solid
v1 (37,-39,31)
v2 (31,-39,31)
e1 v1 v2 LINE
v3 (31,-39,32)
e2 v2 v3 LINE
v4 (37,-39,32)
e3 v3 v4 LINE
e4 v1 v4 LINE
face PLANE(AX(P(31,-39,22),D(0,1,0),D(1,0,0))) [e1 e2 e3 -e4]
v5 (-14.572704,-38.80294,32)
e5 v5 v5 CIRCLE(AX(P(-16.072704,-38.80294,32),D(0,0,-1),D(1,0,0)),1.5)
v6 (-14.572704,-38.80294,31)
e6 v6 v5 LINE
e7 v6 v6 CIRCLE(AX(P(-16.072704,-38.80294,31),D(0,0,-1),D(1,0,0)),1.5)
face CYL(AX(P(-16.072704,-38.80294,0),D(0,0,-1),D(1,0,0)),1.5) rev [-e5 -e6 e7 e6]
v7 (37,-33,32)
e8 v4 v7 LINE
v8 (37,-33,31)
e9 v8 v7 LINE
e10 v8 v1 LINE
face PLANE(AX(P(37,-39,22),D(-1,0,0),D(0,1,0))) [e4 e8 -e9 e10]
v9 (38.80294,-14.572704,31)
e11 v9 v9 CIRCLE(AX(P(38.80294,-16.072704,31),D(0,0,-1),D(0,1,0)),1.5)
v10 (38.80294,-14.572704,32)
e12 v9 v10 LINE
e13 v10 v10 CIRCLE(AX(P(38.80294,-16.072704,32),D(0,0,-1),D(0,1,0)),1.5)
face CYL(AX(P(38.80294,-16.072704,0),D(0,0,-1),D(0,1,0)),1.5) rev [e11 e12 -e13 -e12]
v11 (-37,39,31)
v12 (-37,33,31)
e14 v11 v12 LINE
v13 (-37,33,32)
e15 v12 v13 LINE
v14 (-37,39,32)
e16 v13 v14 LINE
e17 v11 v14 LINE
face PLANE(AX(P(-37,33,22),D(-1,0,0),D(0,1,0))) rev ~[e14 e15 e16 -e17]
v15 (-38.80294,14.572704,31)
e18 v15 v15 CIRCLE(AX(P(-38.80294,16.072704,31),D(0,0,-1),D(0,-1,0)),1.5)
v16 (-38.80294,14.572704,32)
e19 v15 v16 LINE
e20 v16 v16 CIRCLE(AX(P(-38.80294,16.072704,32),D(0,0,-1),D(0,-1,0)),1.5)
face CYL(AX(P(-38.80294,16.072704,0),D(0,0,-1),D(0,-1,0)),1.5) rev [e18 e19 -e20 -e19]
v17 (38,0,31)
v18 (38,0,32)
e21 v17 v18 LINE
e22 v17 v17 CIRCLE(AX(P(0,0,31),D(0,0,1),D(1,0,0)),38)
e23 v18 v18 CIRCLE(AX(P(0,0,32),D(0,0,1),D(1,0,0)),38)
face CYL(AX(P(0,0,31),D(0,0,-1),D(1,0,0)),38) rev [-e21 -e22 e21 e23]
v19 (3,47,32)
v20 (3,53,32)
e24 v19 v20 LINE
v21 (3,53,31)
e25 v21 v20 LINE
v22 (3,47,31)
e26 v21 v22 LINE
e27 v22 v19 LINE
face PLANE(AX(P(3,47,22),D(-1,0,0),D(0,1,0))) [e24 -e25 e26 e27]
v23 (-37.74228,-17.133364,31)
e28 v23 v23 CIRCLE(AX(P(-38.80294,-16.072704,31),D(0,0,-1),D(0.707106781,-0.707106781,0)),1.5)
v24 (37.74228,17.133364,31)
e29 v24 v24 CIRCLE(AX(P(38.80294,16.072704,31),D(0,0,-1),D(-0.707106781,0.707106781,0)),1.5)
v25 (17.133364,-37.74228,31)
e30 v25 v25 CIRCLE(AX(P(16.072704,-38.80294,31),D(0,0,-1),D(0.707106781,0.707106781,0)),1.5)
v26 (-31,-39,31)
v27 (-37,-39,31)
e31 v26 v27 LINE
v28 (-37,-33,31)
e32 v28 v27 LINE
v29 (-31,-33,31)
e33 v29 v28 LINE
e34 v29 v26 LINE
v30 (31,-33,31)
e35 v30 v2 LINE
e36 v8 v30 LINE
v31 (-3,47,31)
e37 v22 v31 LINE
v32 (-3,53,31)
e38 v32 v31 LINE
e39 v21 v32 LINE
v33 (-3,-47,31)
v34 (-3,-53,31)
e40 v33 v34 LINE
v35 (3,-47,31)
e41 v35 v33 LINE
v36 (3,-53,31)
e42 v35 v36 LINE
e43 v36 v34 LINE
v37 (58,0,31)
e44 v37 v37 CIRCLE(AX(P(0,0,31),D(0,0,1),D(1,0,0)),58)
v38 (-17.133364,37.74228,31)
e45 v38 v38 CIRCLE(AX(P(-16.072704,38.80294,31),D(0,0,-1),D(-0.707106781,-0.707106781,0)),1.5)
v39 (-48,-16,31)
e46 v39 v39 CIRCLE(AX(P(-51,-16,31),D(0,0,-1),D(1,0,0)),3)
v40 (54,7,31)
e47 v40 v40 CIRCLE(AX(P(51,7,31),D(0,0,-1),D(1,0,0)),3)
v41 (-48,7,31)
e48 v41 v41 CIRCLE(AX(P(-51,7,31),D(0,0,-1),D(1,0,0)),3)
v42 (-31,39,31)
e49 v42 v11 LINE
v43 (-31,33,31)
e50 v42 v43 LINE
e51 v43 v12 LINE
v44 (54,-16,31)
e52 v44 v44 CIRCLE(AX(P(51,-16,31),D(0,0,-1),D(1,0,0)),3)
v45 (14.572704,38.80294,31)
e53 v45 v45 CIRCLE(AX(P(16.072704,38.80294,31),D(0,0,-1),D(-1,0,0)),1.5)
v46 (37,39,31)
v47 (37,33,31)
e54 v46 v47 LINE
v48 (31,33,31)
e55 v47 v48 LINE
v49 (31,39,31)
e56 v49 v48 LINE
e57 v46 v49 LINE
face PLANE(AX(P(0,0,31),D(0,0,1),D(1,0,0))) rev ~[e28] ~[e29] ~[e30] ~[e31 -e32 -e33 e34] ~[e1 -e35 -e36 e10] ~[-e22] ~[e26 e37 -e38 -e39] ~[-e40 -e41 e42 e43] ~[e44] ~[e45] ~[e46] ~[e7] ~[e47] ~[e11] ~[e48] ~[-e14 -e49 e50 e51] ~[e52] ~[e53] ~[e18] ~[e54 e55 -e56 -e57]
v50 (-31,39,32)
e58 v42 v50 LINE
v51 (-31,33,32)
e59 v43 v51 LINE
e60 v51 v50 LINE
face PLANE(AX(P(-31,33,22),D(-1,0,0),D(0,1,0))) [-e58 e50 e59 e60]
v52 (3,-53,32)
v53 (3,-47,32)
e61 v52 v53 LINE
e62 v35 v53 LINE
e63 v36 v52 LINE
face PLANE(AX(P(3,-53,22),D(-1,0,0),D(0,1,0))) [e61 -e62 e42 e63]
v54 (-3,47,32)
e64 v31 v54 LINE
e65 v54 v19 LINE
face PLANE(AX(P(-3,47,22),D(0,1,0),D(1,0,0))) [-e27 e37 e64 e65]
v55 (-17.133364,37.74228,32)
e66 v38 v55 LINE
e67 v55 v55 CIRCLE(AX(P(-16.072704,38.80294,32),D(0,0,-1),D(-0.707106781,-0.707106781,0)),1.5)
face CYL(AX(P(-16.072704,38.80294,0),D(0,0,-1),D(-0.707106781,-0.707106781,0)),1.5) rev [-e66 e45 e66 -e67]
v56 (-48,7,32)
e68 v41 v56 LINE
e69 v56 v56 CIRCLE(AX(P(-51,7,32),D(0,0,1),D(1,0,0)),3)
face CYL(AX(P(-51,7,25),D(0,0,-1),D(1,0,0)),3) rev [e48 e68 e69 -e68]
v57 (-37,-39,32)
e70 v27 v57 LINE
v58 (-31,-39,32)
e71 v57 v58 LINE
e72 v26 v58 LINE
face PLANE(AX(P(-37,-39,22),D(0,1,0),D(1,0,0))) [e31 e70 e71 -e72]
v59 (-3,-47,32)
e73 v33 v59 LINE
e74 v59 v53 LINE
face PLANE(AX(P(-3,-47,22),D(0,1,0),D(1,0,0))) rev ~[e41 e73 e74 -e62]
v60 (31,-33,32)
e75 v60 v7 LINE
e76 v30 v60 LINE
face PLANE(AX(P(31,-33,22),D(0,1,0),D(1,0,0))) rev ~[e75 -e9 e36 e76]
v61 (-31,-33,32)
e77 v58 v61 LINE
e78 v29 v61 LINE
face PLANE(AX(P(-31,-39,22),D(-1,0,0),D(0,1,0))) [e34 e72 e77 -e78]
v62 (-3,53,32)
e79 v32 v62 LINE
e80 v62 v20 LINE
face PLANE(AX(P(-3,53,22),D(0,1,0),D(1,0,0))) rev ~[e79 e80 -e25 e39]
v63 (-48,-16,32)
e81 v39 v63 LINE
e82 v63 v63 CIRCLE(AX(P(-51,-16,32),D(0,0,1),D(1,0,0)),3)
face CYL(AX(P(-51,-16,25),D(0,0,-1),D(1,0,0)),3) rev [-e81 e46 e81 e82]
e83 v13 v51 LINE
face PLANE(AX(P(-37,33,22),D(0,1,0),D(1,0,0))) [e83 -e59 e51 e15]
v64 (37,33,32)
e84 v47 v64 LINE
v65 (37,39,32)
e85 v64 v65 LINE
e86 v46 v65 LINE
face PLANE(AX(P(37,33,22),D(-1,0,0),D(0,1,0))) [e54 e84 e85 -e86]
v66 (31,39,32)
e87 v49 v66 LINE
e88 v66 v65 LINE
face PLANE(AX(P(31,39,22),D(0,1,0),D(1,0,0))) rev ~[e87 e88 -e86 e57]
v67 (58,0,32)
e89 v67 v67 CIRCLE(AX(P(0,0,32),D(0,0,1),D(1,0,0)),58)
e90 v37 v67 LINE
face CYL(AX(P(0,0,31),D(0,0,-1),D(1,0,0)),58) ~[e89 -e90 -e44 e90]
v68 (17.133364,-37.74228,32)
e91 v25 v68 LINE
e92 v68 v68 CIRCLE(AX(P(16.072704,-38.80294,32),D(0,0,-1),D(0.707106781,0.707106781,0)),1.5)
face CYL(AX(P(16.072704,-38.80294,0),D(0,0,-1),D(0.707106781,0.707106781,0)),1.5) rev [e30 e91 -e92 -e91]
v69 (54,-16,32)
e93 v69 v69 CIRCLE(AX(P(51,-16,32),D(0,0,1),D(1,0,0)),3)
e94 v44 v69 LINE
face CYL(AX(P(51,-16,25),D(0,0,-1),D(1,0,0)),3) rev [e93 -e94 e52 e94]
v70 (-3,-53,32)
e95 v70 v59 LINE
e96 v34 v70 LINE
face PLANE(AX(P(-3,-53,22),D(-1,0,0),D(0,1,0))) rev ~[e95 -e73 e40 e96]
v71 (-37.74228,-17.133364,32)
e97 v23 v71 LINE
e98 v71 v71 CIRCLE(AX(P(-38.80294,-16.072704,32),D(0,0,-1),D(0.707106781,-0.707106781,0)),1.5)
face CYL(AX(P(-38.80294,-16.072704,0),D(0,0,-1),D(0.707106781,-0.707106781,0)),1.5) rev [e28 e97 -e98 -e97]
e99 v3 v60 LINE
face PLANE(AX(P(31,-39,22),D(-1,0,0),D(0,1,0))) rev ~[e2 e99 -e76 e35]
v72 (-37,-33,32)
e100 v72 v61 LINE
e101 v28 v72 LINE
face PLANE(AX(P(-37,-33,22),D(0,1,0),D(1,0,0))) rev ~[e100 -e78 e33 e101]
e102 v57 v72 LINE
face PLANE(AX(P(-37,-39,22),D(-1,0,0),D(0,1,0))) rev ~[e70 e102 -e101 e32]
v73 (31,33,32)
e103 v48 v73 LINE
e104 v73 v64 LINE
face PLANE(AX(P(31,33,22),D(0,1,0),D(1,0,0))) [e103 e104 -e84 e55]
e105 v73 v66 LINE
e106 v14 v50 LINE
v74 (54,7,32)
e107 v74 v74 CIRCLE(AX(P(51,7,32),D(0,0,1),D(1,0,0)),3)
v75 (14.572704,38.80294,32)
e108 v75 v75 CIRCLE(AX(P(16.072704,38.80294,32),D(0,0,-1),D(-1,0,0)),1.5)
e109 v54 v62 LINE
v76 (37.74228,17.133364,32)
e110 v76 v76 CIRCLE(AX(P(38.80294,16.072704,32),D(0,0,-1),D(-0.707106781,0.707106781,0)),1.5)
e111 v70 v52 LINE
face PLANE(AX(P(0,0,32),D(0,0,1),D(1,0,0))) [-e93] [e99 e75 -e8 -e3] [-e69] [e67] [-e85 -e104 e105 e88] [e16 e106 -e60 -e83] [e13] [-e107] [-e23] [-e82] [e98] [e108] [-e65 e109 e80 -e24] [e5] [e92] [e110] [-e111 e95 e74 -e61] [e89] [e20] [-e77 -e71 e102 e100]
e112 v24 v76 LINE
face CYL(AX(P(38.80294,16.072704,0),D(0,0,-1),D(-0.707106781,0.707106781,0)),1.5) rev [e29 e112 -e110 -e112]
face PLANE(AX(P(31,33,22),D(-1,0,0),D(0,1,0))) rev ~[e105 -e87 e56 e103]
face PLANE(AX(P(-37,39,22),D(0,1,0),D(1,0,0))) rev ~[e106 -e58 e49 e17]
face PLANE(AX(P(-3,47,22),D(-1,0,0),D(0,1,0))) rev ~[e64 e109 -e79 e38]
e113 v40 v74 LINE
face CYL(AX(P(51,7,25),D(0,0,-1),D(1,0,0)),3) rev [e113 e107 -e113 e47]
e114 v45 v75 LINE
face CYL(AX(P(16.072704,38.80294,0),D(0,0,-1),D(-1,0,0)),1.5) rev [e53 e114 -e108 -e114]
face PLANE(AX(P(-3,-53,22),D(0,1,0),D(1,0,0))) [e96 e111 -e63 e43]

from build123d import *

# Parameters (mm, degrees)
CYLINDER445_R               = 1.5
CYLINDER445_DEPTH           = 100
CYLINDER446_R               = 1.5
CYLINDER446_DEPTH           = 100
CYLINDER446_PLACEMENT_ANGLE = 135
CYLINDER447_R               = 1.5
CYLINDER447_DEPTH           = 100
CYLINDER448_R               = 1.5
CYLINDER448_DEPTH           = 100
CYLINDER448_PLACEMENT_ANGLE = 225
CYLINDER449_R               = 1.5
CYLINDER449_DEPTH           = 100
CYLINDER450_R               = 1.5
CYLINDER450_DEPTH           = 100
CYLINDER450_PLACEMENT_ANGLE = 45
CYLINDER451_R               = 1.5
CYLINDER451_DEPTH           = 100
CYLINDER444_R               = 1.5
CYLINDER444_DEPTH           = 100
CYLINDER444_PLACEMENT_ANGLE = 45
BOX154_W                    = 6
BOX154_H                    = 6
BOX154_DEPTH                = 10
BOX151_W                    = 6
BOX151_H                    = 6
BOX151_DEPTH                = 10
BOX155_W                    = 6
BOX155_H                    = 6
BOX155_DEPTH                = 10
BOX153_W                    = 6
BOX153_H                    = 6
BOX153_DEPTH                = 10
BOX156_W                    = 6
BOX156_H                    = 6
BOX156_DEPTH                = 10
BOX152_W                    = 6
BOX152_H                    = 6
BOX152_DEPTH                = 10
CYLINDER407_R               = 3
CYLINDER407_DEPTH           = 7
CYLINDER405_R               = 3
CYLINDER405_DEPTH           = 7
CYLINDER404_R               = 3
CYLINDER404_DEPTH           = 7
CYLINDER406_R               = 3
CYLINDER406_DEPTH           = 7
TUBE020_R                   = 58
TUBE020_R_2                 = 38
TUBE020_DEPTH               = 1


with BuildPart() as v_lec445:
    # Cylinder445 → Cylinder445 (new body)
    with BuildSketch(Plane(origin=(38.80294, -16.072704, 0), x_dir=(0, 1, 0), z_dir=(0, 0, 1))):
        Circle(CYLINDER445_R)
    extrude(amount=CYLINDER445_DEPTH)


with BuildPart() as v_lec446:
    # Cylinder446 → Cylinder446 (new body)
    with BuildSketch(Plane.XY):
        Circle(CYLINDER446_R)
    extrude(amount=CYLINDER446_DEPTH)


with BuildPart() as v_lec446_1:
    # Cylinder446 placement: moved
    add(v_lec446.part.moved(Location((38.80294, 16.072704, 0))).rotate(Axis((38.80294, 16.072704, 0), (0, 0, 1)), CYLINDER446_PLACEMENT_ANGLE))


with BuildPart() as v_lec447:
    # Cylinder447 → Cylinder447 (new body)
    with BuildSketch(Plane(origin=(16.072704, 38.80294, 0), x_dir=(-1, 0, 0), z_dir=(0, 0, 1))):
        Circle(CYLINDER447_R)
    extrude(amount=CYLINDER447_DEPTH)


with BuildPart() as v_lec448:
    # Cylinder448 → Cylinder448 (new body)
    with BuildSketch(Plane.XY):
        Circle(CYLINDER448_R)
    extrude(amount=CYLINDER448_DEPTH)


with BuildPart() as v_lec448_1:
    # Cylinder448 placement: moved
    add(v_lec448.part.moved(Location((-16.072704, 38.80294, 0))).rotate(Axis((-16.072704, 38.80294, 0), (0, 0, 1)), CYLINDER448_PLACEMENT_ANGLE))


with BuildPart() as v_lec449:
    # Cylinder449 → Cylinder449 (new body)
    with BuildSketch(Plane(origin=(-38.80294, 16.072704, 0), x_dir=(0, -1, 0), z_dir=(0, 0, 1))):
        Circle(CYLINDER449_R)
    extrude(amount=CYLINDER449_DEPTH)


with BuildPart() as v_lec450:
    # Cylinder450 → Cylinder450 (new body)
    with BuildSketch(Plane.XY):
        Circle(CYLINDER450_R)
    extrude(amount=CYLINDER450_DEPTH)


with BuildPart() as v_lec450_1:
    # Cylinder450 placement: moved
    add(v_lec450.part.moved(Location((-38.80294, -16.072704, 0))).rotate(Axis((-38.80294, -16.072704, 0), (0, 0, -1)), CYLINDER450_PLACEMENT_ANGLE))


with BuildPart() as v_lec451:
    # Cylinder451 → Cylinder451 (new body)
    with BuildSketch(Plane(origin=(-16.072704, -38.80294, 0), x_dir=(1, 0, 0), z_dir=(0, 0, 1))):
        Circle(CYLINDER451_R)
    extrude(amount=CYLINDER451_DEPTH)


with BuildPart() as compound325:
    # Cylinder444 → Cylinder444 (new body)
    with BuildSketch(Plane.XY):
        Circle(CYLINDER444_R)
    extrude(amount=CYLINDER444_DEPTH)


with BuildPart() as compound325_1:
    # Cylinder444 placement: moved
    add(compound325.part.moved(Location((16.072704, -38.80294, 0))).rotate(Axis((16.072704, -38.80294, 0), (0, 0, 1)), CYLINDER444_PLACEMENT_ANGLE))

    # Compound325: union Válec445, Válec446, Válec447, Válec448, Válec449, Válec450, Válec451
    add(v_lec445.part)
    add(v_lec446_1.part)
    add(v_lec447.part)
    add(v_lec448_1.part)
    add(v_lec449.part)
    add(v_lec450_1.part)
    add(v_lec451.part)


with BuildPart() as krychle154:
    # Box154 → Box154 (new body)
    with BuildSketch(Plane(origin=(-37, -39, 40), x_dir=(1, 0, 0), z_dir=(0, 0, 1))):
        with Locations((3, 3)):
            Rectangle(BOX154_W, BOX154_H)
    extrude(amount=BOX154_DEPTH)


with BuildPart() as krychle151:
    # Box151 → Box151 (new body)
    with BuildSketch(Plane(origin=(-3, -53, 40), x_dir=(1, 0, 0), z_dir=(0, 0, 1))):
        with Locations((3, 3)):
            Rectangle(BOX151_W, BOX151_H)
    extrude(amount=BOX151_DEPTH)


with BuildPart() as krychle155:
    # Box155 → Box155 (new body)
    with BuildSketch(Plane(origin=(31, 33, 40), x_dir=(1, 0, 0), z_dir=(0, 0, 1))):
        with Locations((3, 3)):
            Rectangle(BOX155_W, BOX155_H)
    extrude(amount=BOX155_DEPTH)


with BuildPart() as krychle153:
    # Box153 → Box153 (new body)
    with BuildSketch(Plane(origin=(-37, 33, 40), x_dir=(1, 0, 0), z_dir=(0, 0, 1))):
        with Locations((3, 3)):
            Rectangle(BOX153_W, BOX153_H)
    extrude(amount=BOX153_DEPTH)


with BuildPart() as krychle156:
    # Box156 → Box156 (new body)
    with BuildSketch(Plane(origin=(31, -39, 40), x_dir=(1, 0, 0), z_dir=(0, 0, 1))):
        with Locations((3, 3)):
            Rectangle(BOX156_W, BOX156_H)
    extrude(amount=BOX156_DEPTH)


with BuildPart() as compound316:
    # Box152 → Box152 (new body)
    with BuildSketch(Plane(origin=(-3, 47, 40), x_dir=(1, 0, 0), z_dir=(0, 0, 1))):
        with Locations((3, 3)):
            Rectangle(BOX152_W, BOX152_H)
    extrude(amount=BOX152_DEPTH)

    # Compound316: union Krychle154, Krychle151, Krychle155, Krychle153, Krychle156
    add(krychle154.part)
    add(krychle151.part)
    add(krychle155.part)
    add(krychle153.part)
    add(krychle156.part)


with BuildPart() as compound316_1:
    # Compound316 placement: moved
    add(compound316.part.moved(Location((0, 0, -18))))


with BuildPart() as v_lec407:
    # Cylinder407 → Cylinder407 (new body)
    with BuildSketch(Plane(origin=(51, -16, 50), x_dir=(1, 0, 0), z_dir=(0, 0, 1))):
        Circle(CYLINDER407_R)
    extrude(amount=CYLINDER407_DEPTH)


with BuildPart() as v_lec405:
    # Cylinder405 → Cylinder405 (new body)
    with BuildSketch(Plane(origin=(51, 7, 50), x_dir=(1, 0, 0), z_dir=(0, 0, 1))):
        Circle(CYLINDER405_R)
    extrude(amount=CYLINDER405_DEPTH)


with BuildPart() as v_lec404:
    # Cylinder404 → Cylinder404 (new body)
    with BuildSketch(Plane(origin=(-51, 7, 50), x_dir=(1, 0, 0), z_dir=(0, 0, 1))):
        Circle(CYLINDER404_R)
    extrude(amount=CYLINDER404_DEPTH)


with BuildPart() as compound312:
    # Cylinder406 → Cylinder406 (new body)
    with BuildSketch(Plane(origin=(-51, -16, 50), x_dir=(1, 0, 0), z_dir=(0, 0, 1))):
        Circle(CYLINDER406_R)
    extrude(amount=CYLINDER406_DEPTH)

    # Compound312: union Válec407, Válec405, Válec404
    add(v_lec407.part)
    add(v_lec405.part)
    add(v_lec404.part)


with BuildPart() as compound312_1:
    # Compound312 placement: moved
    add(compound312.part.moved(Location((0, 0, -25))))


with BuildPart() as cut173:
    # Tube020 → Tube020 (new body)
    with BuildSketch(Plane.XY.offset(31)):
        Circle(TUBE020_R)
        Circle(TUBE020_R_2, mode=Mode.SUBTRACT)
    extrude(amount=TUBE020_DEPTH)

    # Cut161: cut Compound312
    add(compound312_1.part, mode=Mode.SUBTRACT)

    # Cut163: cut Compound316
    add(compound316_1.part, mode=Mode.SUBTRACT)

    # Cut173: cut Compound325
    add(compound325_1.part, mode=Mode.SUBTRACT)


solid = cut173.part
